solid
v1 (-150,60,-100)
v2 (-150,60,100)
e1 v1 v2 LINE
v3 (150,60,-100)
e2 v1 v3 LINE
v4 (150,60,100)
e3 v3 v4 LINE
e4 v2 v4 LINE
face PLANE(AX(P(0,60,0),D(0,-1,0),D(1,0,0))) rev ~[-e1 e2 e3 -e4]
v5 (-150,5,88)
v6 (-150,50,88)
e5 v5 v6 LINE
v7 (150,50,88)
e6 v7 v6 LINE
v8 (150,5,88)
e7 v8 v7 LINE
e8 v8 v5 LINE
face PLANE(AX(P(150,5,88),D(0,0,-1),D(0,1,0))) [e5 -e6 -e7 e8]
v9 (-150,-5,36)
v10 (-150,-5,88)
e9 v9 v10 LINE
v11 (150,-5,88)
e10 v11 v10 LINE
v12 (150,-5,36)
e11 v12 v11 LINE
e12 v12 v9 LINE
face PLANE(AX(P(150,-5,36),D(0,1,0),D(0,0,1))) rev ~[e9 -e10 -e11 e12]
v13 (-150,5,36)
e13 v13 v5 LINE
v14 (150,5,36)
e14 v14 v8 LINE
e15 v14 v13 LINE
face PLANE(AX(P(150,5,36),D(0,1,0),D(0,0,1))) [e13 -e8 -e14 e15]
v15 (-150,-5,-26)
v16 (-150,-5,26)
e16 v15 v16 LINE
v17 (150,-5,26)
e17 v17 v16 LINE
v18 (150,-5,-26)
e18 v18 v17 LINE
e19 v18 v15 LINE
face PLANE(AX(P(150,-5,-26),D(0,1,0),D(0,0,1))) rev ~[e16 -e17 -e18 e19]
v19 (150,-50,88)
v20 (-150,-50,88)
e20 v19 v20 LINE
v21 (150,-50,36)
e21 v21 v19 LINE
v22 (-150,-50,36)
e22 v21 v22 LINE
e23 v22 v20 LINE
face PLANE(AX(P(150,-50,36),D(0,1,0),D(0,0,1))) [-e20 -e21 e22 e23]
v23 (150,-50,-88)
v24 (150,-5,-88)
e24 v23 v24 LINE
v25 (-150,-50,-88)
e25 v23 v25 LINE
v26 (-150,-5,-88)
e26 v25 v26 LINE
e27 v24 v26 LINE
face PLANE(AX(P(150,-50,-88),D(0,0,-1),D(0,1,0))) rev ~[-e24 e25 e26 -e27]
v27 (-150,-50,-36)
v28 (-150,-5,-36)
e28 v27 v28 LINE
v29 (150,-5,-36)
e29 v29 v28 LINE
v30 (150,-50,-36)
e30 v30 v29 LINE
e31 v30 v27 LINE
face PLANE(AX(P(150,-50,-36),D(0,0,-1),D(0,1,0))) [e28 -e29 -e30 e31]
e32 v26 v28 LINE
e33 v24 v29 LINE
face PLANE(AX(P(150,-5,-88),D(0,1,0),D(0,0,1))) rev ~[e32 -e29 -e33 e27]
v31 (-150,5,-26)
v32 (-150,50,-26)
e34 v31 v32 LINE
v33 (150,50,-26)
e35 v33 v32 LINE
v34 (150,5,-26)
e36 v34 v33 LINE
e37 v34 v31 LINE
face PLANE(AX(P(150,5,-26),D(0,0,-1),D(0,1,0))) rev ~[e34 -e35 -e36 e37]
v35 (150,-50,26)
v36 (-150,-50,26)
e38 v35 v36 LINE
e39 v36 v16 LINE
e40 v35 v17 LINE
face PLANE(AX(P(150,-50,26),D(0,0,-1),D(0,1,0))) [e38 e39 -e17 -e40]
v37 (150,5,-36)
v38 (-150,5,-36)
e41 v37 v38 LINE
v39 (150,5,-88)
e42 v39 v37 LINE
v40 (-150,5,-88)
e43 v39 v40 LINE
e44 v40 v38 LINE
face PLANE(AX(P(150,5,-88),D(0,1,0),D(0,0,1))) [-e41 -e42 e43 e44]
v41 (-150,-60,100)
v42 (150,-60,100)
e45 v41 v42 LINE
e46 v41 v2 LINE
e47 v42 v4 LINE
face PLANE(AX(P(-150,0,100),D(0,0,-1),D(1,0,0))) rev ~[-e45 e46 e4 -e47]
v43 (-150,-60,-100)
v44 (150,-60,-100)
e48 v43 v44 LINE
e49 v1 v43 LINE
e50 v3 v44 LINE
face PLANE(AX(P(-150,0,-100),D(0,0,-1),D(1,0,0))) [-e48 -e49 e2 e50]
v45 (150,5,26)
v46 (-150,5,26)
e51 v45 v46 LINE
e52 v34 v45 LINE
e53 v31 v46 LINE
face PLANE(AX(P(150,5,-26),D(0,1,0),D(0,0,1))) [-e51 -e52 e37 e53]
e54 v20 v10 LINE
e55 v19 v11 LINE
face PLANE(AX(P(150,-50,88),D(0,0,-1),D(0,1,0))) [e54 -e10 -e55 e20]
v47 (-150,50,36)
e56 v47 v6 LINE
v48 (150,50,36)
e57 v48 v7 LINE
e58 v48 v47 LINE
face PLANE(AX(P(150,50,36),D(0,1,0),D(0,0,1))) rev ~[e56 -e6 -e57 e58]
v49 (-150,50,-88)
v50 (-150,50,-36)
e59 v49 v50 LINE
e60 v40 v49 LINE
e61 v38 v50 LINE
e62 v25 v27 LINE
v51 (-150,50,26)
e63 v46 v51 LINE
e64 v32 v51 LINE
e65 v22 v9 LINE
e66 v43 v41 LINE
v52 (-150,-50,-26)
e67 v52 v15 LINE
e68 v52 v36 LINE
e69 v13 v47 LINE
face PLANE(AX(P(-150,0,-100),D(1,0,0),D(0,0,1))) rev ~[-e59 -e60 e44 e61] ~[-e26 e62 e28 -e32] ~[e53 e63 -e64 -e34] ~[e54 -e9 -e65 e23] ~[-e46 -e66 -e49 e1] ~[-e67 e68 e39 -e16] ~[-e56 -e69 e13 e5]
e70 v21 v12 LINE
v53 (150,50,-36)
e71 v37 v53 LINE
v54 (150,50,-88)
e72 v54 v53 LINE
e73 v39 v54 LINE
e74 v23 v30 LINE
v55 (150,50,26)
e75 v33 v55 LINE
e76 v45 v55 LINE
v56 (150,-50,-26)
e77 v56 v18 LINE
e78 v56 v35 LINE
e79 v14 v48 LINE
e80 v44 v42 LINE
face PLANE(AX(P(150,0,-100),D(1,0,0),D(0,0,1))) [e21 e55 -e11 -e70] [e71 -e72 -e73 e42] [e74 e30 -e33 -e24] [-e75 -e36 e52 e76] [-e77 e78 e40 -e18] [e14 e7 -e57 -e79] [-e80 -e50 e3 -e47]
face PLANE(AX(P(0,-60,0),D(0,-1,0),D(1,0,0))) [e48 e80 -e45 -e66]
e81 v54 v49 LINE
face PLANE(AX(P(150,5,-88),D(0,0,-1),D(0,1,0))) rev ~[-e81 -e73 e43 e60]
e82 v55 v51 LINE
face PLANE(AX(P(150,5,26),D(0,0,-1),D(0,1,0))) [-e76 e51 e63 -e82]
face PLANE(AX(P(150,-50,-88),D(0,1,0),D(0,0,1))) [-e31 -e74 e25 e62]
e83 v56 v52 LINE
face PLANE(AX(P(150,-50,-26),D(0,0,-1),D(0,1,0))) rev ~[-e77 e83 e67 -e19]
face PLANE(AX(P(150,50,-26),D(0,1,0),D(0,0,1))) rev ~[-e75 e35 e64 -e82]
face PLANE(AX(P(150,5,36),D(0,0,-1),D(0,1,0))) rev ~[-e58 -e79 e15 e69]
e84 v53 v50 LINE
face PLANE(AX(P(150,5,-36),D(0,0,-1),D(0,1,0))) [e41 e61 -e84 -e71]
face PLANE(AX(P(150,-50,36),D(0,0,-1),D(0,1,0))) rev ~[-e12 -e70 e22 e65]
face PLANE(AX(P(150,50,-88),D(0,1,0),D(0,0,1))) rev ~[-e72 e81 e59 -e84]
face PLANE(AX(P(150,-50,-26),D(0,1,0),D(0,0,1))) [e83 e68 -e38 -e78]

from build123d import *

# Parameters (mm, degrees)
F0_W     = 300
F0_H     = 200
F1_DEPTH = 60
F2_W     = 45
F2_H     = 52
F3_DEPTH = 300


with BuildPart() as f1:
    # F0 (on Front) → F1 (new body, symmetric)
    with BuildSketch(Plane.XZ):
        Rectangle(F0_W, F0_H)
    extrude(amount=F1_DEPTH, both=True)

    # F2 (on face) → F3 (cut, through all)
    with BuildSketch(Plane.YZ.offset(150)):
        with Locations((-27.5, 62)):
            Rectangle(F2_W, F2_H)
        with Locations((-27.5, -62)):
            Rectangle(F2_W, F2_H)
        with Locations((27.5, 62)):
            Rectangle(F2_W, F2_H)
        with Locations((-27.5, 0)):
            Rectangle(F2_W, F2_H)
        with Locations((27.5, 0)):
            Rectangle(F2_W, F2_H)
        with Locations((27.5, -62)):
            Rectangle(F2_W, F2_H)
    extrude(amount=-F3_DEPTH, mode=Mode.SUBTRACT)


solid = f1.part
